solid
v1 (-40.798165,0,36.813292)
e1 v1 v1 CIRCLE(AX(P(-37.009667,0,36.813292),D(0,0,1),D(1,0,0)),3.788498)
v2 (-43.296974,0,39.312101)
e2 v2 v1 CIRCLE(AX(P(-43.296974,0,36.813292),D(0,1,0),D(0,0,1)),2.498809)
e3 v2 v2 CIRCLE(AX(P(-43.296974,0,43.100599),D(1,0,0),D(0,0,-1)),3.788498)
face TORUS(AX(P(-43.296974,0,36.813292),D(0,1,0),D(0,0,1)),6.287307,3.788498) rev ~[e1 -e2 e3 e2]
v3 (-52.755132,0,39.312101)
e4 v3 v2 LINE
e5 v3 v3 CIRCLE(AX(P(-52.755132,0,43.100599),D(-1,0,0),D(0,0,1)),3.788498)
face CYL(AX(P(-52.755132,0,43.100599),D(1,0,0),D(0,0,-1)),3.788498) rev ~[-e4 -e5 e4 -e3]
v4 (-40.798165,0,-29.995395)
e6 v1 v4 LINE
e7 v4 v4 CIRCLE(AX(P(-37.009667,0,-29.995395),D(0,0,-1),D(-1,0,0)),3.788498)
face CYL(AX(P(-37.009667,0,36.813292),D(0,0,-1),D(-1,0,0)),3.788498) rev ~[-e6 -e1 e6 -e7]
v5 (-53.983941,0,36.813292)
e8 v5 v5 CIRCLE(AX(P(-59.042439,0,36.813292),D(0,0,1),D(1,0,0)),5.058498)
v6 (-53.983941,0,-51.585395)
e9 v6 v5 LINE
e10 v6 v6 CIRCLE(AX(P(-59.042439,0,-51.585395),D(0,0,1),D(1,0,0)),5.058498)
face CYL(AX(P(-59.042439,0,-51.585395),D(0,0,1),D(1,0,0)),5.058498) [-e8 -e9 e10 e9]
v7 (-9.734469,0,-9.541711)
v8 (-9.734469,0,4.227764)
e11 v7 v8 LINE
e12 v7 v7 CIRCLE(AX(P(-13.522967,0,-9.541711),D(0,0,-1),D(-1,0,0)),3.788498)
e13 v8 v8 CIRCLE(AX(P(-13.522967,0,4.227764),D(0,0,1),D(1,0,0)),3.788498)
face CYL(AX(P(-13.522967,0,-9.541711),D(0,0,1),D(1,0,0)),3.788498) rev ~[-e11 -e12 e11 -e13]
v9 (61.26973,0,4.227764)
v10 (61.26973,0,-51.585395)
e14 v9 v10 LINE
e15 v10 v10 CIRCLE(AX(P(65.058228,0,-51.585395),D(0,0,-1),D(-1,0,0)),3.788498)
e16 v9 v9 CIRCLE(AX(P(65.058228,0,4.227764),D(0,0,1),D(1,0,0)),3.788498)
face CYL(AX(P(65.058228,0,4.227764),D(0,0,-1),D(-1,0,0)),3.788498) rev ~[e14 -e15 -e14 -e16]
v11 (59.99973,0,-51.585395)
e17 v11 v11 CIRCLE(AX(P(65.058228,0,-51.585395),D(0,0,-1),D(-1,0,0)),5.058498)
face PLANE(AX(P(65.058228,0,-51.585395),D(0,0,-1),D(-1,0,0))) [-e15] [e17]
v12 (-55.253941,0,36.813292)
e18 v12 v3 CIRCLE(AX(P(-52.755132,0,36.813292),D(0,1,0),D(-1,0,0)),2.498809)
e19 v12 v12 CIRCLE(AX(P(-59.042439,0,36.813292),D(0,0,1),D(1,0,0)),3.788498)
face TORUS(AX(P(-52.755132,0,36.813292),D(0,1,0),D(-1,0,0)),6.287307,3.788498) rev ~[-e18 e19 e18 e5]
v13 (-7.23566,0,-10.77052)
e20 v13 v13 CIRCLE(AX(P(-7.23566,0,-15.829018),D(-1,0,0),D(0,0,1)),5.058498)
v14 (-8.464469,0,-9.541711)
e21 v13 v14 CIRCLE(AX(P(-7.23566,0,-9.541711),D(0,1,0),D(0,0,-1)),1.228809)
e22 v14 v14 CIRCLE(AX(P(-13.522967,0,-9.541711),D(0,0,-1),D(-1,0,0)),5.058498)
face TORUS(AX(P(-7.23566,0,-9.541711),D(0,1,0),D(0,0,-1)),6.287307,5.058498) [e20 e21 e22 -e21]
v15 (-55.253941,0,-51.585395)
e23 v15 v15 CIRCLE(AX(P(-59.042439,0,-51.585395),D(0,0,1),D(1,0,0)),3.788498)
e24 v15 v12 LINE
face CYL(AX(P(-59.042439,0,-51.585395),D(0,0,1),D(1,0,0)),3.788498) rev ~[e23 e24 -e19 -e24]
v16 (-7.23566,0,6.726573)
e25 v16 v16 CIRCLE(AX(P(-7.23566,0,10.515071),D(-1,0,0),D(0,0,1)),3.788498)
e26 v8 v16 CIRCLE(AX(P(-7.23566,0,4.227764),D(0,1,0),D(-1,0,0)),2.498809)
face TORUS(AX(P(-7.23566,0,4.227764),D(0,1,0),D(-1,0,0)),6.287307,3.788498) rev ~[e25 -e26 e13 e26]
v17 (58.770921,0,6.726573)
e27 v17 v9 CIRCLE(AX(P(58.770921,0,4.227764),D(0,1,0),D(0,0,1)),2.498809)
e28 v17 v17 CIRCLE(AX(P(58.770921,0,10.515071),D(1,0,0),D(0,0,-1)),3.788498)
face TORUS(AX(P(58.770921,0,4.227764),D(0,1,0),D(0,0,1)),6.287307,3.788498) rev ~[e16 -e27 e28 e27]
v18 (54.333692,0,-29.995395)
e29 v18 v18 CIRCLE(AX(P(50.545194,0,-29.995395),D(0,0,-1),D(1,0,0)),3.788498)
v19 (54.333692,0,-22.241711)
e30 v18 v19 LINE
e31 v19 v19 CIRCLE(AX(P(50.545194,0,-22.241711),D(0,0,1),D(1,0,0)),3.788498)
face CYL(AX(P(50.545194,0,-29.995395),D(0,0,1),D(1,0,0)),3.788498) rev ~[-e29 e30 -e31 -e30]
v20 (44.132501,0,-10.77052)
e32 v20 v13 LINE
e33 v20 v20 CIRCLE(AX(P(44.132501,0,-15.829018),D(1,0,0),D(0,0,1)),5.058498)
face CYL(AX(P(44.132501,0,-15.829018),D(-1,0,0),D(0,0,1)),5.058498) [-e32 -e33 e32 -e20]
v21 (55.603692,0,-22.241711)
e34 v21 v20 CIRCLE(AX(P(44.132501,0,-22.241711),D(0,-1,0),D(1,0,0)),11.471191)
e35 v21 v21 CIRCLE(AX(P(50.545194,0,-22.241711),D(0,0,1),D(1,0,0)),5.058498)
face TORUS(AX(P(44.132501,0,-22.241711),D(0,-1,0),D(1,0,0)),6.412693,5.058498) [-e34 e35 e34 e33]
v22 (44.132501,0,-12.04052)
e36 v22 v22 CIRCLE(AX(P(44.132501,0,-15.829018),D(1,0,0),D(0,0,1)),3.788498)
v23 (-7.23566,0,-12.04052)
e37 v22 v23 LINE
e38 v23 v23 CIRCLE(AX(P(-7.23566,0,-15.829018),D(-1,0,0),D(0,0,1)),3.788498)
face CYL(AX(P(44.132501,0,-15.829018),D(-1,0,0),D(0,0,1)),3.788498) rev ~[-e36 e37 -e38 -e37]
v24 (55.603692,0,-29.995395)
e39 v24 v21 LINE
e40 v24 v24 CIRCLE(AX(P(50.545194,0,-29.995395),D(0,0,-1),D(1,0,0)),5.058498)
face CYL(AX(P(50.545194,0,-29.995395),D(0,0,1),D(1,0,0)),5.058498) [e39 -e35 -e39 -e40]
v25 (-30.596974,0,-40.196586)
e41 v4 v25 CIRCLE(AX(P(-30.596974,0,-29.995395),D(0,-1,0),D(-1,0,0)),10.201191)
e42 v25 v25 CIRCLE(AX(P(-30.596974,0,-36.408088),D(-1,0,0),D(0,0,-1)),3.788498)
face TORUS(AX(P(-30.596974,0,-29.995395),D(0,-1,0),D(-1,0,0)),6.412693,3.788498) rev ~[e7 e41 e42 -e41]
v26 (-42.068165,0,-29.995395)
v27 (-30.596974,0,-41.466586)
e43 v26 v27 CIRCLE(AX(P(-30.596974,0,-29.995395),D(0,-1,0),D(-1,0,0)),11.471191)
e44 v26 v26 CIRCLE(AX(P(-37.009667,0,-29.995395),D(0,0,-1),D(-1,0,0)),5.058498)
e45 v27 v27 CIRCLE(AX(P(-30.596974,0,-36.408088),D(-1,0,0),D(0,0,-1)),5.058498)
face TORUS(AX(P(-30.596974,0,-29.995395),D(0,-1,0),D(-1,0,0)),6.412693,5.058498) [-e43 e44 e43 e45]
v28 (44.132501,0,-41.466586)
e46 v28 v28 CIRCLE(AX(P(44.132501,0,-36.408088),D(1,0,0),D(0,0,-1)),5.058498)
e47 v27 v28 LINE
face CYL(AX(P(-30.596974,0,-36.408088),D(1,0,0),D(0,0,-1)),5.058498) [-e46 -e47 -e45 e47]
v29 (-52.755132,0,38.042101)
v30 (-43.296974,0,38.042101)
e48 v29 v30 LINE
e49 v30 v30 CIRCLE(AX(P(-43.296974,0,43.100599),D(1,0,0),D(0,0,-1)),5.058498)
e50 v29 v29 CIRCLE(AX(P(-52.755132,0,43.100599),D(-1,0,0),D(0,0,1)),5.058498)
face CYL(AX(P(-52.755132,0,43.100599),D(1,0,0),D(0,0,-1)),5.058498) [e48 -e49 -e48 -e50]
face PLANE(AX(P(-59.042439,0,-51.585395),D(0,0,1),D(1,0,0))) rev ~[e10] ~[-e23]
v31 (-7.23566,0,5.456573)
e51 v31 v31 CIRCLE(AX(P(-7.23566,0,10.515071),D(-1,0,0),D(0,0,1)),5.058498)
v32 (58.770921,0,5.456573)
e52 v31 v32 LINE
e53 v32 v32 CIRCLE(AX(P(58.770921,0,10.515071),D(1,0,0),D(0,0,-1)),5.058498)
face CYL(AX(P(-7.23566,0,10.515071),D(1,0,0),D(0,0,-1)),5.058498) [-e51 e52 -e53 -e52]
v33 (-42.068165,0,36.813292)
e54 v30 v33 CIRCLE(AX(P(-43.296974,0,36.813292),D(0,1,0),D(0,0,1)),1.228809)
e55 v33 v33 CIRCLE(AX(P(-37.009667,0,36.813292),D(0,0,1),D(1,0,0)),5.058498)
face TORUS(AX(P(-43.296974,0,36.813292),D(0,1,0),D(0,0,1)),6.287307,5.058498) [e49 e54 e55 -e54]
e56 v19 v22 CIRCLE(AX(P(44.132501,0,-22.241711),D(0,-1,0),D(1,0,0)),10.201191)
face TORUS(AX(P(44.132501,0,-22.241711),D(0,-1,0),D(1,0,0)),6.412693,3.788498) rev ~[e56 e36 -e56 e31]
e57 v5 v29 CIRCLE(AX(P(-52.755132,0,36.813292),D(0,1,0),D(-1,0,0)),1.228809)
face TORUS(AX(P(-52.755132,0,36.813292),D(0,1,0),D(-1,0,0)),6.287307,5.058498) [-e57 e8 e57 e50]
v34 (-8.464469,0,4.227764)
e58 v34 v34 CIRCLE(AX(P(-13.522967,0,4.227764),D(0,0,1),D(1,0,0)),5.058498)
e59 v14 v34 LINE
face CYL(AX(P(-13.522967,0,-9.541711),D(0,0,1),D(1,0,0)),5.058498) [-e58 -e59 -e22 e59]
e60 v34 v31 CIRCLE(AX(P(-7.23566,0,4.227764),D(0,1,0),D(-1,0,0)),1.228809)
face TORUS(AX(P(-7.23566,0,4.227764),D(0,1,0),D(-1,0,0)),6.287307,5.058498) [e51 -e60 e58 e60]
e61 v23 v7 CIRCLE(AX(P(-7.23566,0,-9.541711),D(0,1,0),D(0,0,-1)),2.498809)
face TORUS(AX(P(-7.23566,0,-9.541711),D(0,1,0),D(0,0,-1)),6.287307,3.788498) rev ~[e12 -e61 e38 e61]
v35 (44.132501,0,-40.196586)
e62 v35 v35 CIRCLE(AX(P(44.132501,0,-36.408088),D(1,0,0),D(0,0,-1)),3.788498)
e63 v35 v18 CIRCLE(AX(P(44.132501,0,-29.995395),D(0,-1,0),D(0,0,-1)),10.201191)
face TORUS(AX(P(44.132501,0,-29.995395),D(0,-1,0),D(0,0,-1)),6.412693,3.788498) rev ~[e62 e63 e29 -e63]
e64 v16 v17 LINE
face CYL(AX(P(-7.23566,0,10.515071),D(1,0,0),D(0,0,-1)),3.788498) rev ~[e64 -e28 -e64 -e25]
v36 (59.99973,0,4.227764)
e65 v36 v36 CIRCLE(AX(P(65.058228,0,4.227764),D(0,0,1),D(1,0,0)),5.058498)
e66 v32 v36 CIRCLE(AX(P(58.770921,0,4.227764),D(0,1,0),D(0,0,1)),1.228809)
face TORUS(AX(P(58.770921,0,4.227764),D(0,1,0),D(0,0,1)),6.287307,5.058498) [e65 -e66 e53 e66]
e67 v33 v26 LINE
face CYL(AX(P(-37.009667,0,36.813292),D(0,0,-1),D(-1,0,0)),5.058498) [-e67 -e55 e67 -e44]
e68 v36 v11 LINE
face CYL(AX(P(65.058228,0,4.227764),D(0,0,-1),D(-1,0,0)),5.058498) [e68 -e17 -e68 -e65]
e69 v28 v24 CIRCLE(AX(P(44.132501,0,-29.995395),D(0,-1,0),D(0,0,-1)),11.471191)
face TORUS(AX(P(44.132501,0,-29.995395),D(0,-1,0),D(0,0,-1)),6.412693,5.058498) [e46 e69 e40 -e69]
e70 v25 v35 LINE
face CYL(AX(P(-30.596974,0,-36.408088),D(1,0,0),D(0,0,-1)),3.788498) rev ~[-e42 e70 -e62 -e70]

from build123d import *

# Parameters (mm, degrees)
F2_R = 5.0584977116
F4_T = -1.27


with BuildPart() as f3:
    # F3: sweep along a path in F0
    with BuildLine(Plane.XZ) as f3_path:
        Line((-59.1051317751, -51.5853948891), (-59.1051317751, 36.81329211))
        ThreePointArc((-59.1051317751, 36.81329211), (-57.2452598357, 41.3034201705), (-52.7551317751, 43.16329211))
        Line((-52.7551317751, 43.16329211), (-43.2969743693, 43.16329211))
        ThreePointArc((-43.2969743693, 43.16329211), (-38.8068463088, 41.3034201705), (-36.9469743693, 36.81329211))
        Line((-36.9469743693, 36.81329211), (-36.9469743693, -29.9953949791))
        ThreePointArc((-36.9469743693, -29.9953949791), (-35.0871024298, -34.4855230397), (-30.5969743693, -36.3453949791))
        Line((-30.5969743693, -36.3453949791), (44.1325009954, -36.3453949791))
        ThreePointArc((44.1325009954, -36.3453949791), (48.6226290559, -34.4855230397), (50.4825009954, -29.9953949791))
        Line((50.4825009954, -29.9953949791), (50.4825009954, -22.2417109472))
        ThreePointArc((50.4825009954, -22.2417109472), (48.6226290559, -17.7515828866), (44.1325009954, -15.8917109472))
        Line((44.1325009954, -15.8917109472), (-7.2356599557, -15.8917109472))
        ThreePointArc((-7.2356599557, -15.8917109472), (-11.7257880163, -14.0318390077), (-13.5856599557, -9.5417109472))
        Line((-13.5856599557, -9.5417109472), (-13.5856599557, 4.2277637112))
        ThreePointArc((-13.5856599557, 4.2277637112), (-11.7257880163, 8.7178917717), (-7.2356599557, 10.5777637112))
        Line((-7.2356599557, 10.5777637112), (58.7709205389, 10.5777637112))
        ThreePointArc((58.7709205389, 10.5777637112), (63.2610485994, 8.7178917717), (65.1209205389, 4.2277637112))
        Line((65.1209205389, 4.2277637112), (65.1209205389, -51.5853948891))
    # F2 (on line) → F3 (sweep)
    with BuildSketch(Plane.XY.offset(-51.5853948891)):
        with Locations((-59.0424388647, 0)):
            Circle(F2_R)
    sweep(path=f3_path.line)

    # F4
    f4_openings = [f3.faces().sort_by_distance(p)[0] for p in [
        (-59.042439, 0, -51.585395),
        (65.058228, 0, -51.585395),
    ]]
    offset(amount=F4_T, openings=f4_openings)


solid = f3.part
